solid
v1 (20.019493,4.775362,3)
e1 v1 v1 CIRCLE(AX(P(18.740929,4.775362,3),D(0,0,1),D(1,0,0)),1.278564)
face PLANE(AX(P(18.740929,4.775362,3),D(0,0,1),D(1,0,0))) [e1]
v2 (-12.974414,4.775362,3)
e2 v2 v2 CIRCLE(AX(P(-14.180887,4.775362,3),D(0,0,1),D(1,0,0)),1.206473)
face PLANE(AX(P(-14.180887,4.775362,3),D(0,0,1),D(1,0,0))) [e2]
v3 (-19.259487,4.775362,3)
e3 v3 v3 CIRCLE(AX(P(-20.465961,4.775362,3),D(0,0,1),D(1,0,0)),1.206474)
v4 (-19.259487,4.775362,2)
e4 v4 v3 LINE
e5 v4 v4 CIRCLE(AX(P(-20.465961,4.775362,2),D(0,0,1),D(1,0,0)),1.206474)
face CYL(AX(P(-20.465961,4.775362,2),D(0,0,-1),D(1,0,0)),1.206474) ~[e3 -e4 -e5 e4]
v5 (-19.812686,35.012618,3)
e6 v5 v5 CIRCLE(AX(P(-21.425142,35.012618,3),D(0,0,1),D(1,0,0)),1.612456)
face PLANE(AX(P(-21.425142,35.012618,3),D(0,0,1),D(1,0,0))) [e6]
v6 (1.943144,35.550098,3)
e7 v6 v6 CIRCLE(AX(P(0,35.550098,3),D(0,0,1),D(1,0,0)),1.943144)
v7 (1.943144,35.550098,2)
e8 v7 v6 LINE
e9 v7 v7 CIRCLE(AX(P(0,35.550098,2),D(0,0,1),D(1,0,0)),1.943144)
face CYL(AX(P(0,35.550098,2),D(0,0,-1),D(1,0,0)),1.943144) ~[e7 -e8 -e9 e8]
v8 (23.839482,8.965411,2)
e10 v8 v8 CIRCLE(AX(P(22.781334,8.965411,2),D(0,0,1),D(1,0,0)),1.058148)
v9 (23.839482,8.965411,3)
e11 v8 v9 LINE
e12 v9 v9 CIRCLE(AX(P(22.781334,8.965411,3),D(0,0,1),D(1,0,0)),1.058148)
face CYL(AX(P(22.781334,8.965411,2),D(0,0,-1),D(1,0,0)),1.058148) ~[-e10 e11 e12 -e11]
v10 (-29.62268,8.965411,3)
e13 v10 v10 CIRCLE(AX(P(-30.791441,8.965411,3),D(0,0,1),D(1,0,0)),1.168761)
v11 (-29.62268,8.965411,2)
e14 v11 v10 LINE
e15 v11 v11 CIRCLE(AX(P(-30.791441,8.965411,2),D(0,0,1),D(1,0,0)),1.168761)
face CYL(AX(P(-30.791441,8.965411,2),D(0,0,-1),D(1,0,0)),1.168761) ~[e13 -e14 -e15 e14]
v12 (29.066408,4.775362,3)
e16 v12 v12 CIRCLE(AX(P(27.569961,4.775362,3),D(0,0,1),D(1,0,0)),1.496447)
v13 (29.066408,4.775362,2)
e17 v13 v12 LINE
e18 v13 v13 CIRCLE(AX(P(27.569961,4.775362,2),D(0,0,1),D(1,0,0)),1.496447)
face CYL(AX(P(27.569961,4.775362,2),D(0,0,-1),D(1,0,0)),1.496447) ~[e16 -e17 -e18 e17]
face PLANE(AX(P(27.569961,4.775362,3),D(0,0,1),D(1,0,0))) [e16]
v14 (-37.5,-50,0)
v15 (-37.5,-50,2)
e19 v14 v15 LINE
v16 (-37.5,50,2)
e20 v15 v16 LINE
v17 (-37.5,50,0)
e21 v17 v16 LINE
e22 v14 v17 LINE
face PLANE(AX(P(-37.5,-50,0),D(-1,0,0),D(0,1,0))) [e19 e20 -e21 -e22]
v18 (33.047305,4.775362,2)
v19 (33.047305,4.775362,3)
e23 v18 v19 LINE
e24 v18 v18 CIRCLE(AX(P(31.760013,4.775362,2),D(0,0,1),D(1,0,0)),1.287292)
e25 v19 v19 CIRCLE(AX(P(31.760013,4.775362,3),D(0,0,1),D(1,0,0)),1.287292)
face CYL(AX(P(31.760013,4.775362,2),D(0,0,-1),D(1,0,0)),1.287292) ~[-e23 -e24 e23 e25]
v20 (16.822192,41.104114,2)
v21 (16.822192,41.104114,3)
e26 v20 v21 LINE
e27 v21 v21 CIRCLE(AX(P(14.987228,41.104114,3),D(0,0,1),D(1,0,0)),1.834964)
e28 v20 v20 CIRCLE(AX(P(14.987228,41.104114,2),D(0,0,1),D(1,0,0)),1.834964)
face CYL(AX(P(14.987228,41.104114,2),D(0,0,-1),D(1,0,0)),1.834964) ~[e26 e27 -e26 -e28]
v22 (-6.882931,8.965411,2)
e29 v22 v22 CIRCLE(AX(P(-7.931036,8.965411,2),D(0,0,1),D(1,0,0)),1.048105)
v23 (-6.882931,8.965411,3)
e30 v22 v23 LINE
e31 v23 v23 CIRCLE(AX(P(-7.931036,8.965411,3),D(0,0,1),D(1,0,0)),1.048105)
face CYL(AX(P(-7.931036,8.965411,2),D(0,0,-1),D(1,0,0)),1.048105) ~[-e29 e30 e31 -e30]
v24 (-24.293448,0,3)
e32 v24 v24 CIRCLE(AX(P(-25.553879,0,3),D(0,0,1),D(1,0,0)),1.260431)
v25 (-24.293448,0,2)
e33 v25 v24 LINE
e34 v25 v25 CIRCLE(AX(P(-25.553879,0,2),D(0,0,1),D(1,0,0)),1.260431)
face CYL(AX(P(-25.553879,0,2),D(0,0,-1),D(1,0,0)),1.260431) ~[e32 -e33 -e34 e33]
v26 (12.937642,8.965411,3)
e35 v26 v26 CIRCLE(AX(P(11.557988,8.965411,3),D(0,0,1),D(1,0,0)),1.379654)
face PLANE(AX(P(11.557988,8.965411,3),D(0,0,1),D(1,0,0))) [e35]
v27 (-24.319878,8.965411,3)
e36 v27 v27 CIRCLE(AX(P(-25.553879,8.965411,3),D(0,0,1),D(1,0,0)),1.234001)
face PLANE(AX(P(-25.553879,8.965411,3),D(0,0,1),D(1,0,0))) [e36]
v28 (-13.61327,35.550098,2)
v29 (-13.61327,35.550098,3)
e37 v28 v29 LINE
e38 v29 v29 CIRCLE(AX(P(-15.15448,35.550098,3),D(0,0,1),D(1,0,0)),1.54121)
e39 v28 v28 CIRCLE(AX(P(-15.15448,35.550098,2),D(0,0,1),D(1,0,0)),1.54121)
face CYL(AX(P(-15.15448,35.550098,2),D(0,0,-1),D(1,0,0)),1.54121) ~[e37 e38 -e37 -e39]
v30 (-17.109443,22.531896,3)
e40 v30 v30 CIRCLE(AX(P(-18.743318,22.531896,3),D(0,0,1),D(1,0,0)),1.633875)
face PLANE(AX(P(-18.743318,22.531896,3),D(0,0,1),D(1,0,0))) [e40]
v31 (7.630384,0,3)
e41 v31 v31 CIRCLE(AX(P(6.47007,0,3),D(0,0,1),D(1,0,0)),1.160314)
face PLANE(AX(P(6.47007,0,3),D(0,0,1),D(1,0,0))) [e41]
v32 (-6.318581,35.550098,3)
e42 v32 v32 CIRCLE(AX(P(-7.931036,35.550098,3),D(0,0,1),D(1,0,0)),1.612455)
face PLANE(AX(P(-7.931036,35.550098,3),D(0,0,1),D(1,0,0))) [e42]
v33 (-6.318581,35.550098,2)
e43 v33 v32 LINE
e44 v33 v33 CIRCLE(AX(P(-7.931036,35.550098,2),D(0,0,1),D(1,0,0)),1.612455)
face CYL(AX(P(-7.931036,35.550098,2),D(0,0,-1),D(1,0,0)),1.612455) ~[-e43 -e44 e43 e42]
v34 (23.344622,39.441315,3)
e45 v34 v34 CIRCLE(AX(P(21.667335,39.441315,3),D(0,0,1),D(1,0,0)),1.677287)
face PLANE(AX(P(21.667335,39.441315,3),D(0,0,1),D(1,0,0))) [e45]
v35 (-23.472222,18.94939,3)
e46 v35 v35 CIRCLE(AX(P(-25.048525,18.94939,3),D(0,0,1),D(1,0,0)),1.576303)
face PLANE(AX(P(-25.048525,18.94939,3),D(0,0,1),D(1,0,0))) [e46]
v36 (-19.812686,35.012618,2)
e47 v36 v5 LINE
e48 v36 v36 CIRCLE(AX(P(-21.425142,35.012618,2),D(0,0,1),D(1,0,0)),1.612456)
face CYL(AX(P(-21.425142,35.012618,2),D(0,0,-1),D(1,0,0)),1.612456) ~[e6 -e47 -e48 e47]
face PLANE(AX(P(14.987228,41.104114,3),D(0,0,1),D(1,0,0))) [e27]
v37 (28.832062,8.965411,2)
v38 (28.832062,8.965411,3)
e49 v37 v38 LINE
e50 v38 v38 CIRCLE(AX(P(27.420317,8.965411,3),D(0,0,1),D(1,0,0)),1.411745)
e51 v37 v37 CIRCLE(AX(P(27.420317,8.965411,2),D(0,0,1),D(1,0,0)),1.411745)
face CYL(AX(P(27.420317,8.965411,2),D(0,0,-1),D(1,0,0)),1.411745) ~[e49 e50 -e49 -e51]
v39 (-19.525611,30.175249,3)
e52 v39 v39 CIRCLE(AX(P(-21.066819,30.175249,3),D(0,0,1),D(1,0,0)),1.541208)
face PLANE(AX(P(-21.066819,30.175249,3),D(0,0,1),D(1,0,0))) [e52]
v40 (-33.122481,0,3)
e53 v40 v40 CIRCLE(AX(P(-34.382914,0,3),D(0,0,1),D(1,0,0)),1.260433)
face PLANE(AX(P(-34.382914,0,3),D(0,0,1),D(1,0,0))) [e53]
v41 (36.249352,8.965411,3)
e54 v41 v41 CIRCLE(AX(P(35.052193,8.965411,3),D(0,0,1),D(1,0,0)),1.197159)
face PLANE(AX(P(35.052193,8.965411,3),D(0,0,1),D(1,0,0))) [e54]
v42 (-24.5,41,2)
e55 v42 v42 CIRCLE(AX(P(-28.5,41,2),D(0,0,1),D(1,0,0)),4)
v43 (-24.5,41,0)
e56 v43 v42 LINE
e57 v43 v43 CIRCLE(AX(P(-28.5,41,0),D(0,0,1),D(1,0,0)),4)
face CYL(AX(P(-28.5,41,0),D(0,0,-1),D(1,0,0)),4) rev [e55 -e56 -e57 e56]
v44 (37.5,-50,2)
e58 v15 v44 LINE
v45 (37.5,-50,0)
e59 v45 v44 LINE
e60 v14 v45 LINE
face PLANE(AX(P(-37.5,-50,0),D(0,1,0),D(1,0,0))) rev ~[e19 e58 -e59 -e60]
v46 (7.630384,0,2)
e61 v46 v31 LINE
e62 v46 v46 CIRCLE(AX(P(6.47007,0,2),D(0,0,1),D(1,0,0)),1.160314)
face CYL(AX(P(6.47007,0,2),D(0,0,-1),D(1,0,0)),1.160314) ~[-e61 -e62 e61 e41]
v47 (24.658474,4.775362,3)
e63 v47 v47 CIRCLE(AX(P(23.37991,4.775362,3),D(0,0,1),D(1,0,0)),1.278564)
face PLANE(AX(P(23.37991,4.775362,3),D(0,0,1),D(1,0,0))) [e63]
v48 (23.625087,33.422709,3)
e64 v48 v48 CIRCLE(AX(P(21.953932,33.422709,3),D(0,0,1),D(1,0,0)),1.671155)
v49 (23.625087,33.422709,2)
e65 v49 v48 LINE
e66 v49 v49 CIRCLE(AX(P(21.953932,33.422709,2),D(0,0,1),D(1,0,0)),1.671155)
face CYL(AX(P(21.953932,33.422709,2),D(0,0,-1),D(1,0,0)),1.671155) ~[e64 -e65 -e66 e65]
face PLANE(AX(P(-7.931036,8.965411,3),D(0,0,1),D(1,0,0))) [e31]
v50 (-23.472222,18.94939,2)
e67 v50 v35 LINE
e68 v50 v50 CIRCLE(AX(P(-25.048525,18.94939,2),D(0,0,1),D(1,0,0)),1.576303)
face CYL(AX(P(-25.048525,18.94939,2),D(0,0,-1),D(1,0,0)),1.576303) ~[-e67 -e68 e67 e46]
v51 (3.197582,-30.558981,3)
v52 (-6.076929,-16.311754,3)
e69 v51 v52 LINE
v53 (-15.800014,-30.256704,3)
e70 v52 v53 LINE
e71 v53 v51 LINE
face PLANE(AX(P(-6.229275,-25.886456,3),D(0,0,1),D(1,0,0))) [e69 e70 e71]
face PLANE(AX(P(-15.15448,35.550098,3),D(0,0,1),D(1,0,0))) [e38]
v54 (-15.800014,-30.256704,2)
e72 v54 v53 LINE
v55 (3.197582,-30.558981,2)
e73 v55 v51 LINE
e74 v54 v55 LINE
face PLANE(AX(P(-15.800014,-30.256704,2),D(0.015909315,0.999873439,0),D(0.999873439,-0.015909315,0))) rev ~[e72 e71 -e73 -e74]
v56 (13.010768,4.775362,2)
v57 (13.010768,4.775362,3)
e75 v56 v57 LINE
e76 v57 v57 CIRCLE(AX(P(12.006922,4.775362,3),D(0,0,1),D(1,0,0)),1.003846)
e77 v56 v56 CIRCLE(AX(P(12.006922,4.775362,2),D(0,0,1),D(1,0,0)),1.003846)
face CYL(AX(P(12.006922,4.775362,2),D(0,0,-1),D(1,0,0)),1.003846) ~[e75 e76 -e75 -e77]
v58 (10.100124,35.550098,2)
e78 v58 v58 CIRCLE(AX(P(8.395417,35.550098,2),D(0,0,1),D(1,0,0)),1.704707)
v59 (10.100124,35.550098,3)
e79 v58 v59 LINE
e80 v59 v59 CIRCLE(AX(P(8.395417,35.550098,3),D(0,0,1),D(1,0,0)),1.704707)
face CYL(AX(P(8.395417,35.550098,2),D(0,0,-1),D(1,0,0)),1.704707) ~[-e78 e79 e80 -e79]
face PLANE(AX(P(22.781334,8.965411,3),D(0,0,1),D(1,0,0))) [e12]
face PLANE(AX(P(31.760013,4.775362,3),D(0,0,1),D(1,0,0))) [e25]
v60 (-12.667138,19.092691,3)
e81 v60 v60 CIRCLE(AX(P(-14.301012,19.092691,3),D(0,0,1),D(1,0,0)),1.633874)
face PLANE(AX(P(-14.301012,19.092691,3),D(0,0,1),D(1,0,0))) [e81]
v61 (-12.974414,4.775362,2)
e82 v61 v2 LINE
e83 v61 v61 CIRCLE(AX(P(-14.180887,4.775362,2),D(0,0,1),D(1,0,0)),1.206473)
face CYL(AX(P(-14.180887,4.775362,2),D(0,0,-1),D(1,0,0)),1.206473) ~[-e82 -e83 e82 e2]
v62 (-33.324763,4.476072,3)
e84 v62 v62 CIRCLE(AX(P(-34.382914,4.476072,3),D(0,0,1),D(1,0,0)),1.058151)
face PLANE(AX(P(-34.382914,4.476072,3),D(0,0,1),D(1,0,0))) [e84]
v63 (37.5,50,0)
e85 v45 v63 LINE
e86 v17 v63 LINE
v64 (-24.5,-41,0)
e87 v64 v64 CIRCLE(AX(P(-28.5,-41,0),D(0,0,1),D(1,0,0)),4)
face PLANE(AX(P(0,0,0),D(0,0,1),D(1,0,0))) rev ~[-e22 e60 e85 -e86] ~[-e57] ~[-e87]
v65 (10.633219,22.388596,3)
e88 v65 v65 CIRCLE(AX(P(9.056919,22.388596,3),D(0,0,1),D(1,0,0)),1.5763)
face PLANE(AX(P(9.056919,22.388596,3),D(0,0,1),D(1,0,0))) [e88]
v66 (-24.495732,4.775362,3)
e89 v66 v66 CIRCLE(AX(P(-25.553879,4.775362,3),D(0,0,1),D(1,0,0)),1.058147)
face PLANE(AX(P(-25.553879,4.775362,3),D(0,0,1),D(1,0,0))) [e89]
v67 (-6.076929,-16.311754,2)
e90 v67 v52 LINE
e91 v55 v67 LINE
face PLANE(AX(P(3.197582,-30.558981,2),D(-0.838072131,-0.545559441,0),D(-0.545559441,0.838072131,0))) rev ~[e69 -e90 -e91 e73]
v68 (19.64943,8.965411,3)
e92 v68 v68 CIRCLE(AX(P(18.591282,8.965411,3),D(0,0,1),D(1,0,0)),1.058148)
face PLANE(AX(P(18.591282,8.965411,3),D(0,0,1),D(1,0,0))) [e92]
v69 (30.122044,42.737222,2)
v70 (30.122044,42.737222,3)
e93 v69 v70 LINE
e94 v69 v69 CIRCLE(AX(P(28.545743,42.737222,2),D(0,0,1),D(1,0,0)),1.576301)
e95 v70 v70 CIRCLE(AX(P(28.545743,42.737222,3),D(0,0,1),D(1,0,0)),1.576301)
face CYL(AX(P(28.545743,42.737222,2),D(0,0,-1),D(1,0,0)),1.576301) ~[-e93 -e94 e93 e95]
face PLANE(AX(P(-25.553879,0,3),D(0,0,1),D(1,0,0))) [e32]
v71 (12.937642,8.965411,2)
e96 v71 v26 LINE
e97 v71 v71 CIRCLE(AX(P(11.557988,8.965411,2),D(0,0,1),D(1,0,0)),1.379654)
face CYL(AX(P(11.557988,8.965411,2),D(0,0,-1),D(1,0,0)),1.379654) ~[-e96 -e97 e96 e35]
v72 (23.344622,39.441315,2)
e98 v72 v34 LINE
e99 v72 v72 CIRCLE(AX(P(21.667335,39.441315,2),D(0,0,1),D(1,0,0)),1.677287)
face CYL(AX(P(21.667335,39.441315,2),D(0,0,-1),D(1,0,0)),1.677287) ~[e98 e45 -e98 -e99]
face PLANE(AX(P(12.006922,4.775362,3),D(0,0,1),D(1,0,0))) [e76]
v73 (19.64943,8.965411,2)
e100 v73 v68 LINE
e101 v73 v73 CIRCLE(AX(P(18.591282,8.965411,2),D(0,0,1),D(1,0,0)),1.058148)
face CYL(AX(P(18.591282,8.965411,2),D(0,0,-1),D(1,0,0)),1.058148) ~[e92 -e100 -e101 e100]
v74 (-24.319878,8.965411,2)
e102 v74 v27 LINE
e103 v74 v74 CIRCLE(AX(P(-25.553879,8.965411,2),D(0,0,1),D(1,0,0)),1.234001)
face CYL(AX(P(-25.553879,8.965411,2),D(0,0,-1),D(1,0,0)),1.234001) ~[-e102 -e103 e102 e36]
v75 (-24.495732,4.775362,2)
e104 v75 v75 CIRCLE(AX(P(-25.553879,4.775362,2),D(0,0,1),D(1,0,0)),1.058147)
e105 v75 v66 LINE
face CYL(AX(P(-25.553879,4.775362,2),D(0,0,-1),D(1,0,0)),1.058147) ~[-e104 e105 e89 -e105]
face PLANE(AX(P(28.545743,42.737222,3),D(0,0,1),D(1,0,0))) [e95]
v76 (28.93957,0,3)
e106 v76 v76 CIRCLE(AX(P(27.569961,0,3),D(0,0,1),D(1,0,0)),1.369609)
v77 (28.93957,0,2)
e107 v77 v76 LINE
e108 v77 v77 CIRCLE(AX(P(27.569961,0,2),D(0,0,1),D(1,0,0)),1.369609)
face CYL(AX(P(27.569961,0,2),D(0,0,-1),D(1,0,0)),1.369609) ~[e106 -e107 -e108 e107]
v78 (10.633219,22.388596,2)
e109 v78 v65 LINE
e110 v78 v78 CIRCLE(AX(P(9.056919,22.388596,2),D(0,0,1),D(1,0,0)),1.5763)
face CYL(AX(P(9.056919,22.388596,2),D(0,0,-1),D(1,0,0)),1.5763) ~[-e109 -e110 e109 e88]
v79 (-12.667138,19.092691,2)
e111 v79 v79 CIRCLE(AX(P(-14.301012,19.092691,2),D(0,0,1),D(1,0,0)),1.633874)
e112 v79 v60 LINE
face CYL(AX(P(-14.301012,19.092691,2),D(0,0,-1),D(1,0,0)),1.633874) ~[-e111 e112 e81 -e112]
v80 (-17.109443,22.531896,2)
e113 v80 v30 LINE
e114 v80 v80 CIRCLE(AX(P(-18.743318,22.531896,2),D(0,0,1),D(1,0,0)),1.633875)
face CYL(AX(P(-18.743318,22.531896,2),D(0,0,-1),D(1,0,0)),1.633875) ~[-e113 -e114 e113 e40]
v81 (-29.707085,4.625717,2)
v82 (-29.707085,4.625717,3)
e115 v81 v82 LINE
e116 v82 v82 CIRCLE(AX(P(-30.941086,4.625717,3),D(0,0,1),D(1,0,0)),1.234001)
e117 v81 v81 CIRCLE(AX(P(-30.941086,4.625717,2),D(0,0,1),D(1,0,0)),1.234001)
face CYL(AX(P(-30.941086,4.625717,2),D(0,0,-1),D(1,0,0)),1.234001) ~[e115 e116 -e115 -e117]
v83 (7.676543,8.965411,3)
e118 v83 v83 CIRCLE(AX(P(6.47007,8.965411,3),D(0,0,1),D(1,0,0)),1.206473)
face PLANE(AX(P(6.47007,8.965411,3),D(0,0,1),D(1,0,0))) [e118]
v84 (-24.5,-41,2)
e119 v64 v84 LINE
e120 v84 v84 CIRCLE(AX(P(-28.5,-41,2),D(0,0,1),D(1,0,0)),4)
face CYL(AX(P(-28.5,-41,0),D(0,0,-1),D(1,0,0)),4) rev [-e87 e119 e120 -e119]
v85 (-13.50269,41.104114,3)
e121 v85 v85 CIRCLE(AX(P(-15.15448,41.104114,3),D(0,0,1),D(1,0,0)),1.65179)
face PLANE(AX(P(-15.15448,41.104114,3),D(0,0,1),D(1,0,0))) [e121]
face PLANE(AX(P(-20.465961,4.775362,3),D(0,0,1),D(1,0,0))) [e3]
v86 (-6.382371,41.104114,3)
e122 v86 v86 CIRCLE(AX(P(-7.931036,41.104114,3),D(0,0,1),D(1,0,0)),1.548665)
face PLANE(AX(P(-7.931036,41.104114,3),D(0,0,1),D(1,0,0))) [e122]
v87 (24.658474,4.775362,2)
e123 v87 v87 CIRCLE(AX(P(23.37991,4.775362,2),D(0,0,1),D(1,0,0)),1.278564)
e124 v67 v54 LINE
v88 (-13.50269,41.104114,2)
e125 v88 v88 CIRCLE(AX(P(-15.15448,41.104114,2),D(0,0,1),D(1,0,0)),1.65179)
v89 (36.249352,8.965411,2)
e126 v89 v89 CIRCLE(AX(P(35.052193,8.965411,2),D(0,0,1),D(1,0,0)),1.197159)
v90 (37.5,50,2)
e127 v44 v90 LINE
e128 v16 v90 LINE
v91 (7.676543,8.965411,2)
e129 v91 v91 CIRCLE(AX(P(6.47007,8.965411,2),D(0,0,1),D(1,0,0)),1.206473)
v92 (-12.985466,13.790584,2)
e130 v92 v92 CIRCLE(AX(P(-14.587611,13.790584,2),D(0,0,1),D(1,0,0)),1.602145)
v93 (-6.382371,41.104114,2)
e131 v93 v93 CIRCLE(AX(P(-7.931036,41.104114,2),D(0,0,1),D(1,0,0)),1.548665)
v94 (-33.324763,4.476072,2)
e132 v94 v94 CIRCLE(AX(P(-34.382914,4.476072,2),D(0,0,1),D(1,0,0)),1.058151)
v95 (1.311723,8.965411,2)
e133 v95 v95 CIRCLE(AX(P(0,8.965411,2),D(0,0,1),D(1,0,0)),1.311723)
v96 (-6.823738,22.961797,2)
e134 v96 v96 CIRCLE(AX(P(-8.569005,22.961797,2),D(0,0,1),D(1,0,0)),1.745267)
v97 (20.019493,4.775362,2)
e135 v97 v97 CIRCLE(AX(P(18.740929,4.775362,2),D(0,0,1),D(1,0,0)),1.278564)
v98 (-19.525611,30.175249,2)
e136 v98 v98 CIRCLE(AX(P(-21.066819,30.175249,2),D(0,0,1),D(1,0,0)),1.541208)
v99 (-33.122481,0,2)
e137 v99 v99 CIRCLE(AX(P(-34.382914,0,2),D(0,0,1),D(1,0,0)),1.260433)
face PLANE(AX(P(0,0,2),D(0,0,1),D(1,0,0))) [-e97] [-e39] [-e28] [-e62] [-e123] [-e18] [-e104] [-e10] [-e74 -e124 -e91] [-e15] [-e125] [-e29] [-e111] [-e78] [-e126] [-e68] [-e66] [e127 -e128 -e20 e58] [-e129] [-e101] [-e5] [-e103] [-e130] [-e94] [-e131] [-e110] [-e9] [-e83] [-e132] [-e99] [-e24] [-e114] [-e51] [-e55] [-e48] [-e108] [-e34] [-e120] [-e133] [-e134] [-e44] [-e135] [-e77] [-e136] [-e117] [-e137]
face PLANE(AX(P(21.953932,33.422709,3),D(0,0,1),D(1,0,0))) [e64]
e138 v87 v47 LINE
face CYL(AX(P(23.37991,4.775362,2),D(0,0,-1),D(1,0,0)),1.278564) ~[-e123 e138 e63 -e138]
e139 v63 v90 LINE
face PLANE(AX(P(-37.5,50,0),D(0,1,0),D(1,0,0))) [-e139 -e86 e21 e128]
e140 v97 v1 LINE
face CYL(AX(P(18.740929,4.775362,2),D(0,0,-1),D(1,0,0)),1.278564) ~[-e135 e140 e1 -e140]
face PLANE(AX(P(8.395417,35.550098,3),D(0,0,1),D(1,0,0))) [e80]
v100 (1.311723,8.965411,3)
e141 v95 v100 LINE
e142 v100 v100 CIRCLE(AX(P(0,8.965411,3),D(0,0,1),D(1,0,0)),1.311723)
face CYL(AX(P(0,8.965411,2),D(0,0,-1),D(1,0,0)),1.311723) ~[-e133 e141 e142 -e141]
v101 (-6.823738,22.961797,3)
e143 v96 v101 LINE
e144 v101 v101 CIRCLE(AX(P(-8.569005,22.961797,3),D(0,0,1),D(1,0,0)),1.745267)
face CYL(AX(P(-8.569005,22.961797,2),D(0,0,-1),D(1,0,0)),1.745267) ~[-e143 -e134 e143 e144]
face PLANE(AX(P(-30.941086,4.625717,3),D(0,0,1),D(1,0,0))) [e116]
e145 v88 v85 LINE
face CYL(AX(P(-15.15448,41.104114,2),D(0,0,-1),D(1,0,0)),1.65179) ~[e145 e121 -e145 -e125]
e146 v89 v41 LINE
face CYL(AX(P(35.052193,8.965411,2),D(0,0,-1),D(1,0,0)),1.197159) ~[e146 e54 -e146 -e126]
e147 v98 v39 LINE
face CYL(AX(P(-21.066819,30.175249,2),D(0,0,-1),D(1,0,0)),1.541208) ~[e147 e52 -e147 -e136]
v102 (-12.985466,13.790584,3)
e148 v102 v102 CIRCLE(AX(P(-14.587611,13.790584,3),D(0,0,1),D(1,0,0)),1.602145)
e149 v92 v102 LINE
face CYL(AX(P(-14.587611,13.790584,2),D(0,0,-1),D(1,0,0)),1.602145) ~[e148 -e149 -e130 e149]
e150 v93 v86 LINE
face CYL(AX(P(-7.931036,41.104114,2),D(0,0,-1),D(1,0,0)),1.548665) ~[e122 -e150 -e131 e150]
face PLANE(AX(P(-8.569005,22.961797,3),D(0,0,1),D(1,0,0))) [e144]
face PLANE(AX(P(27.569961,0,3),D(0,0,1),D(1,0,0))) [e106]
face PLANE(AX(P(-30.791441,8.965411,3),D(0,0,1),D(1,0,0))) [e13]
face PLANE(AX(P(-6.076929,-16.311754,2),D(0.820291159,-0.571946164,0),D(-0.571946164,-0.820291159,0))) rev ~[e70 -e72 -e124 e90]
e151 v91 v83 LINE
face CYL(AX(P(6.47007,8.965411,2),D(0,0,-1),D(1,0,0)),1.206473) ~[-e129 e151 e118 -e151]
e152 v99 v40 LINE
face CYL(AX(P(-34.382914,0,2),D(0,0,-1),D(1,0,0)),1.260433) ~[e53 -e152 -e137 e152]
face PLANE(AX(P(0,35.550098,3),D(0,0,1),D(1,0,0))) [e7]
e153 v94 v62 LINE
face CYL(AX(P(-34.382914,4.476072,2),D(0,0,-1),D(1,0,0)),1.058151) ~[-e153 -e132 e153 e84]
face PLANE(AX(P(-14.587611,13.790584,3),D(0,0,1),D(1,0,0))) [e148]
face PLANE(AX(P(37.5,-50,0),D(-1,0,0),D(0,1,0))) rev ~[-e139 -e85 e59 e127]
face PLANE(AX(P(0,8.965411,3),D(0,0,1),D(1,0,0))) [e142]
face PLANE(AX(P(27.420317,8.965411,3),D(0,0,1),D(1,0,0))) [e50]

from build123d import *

# Parameters (mm, degrees)
F0_W     = 75
F0_H     = 100
F0_R     = 4
F1_DEPTH = 2
F2_R     = 1.260433
F2_R_2   = 1.058151
F2_R_3   = 1.234001
F2_R_4   = 1.260431
F2_R_5   = 1.168761
F2_R_6   = 1.058147
F2_R_7   = 1.206474
F2_R_8   = 1.206473
F2_R_9   = 1.048105
F2_R_10  = 1.602145
F2_R_11  = 1.576303
F2_R_12  = 1.633875
F2_R_13  = 1.745267
F2_R_14  = 1.633874
F2_R_15  = 1.311723
F2_R_16  = 1.379654
F2_R_17  = 1.160314
F2_R_18  = 1.003846
F2_R_19  = 1.058148
F2_R_20  = 1.411745
F2_R_21  = 1.197159
F2_R_22  = 1.287292
F2_R_23  = 1.496447
F2_R_24  = 1.278564
F2_R_25  = 1.369609
F2_R_26  = 1.5763
F2_R_27  = 1.704707
F2_R_28  = 1.943144
F2_R_29  = 1.612455
F2_R_30  = 1.54121
F2_R_31  = 1.65179
F2_R_32  = 1.548665
F2_R_33  = 1.834964
F2_R_34  = 1.677287
F2_R_35  = 1.671155
F2_R_36  = 1.576301
F2_R_37  = 1.541208
F2_R_38  = 1.612456
F3_DEPTH = 1


with BuildPart() as f1:
    # F0 (on Top) → F1 (new body)
    with BuildSketch(Plane.XY):
        Rectangle(F0_W, F0_H)
        with Locations((-28.5, -41)):
            Circle(F0_R, mode=Mode.SUBTRACT)
        with Locations((-28.5, 41)):
            Circle(F0_R, mode=Mode.SUBTRACT)
    extrude(amount=F1_DEPTH)

    # F2 (on face) → F3 (join)
    with BuildSketch(Plane.XY.offset(2)):
        Polygon((-6.076929, -16.311754), (-15.800014, -30.256704), (3.197582, -30.558981), align=None)
        with Locations((-34.382914, 0)):
            Circle(F2_R)
        with Locations((-34.382914, 4.476072)):
            Circle(F2_R_2)
        with Locations((-30.941086, 4.625717)):
            Circle(F2_R_3)
        with Locations((-25.553879, 0)):
            Circle(F2_R_4)
        with Locations((-30.791441, 8.965411)):
            Circle(F2_R_5)
        with Locations((-25.553879, 8.965411)):
            Circle(F2_R_3)
        with Locations((-25.553879, 4.775362)):
            Circle(F2_R_6)
        with Locations((-20.465961, 4.775362)):
            Circle(F2_R_7)
        with Locations((-14.180887, 4.775362)):
            Circle(F2_R_8)
        with Locations((-7.931036, 8.965411)):
            Circle(F2_R_9)
        with Locations((-14.587611, 13.790584)):
            Circle(F2_R_10)
        with Locations((-25.048525, 18.94939)):
            Circle(F2_R_11)
        with Locations((-18.743318, 22.531896)):
            Circle(F2_R_12)
        with Locations((-8.569005, 22.961797)):
            Circle(F2_R_13)
        with Locations((-14.301012, 19.092691)):
            Circle(F2_R_14)
        with Locations((0, 8.965411)):
            Circle(F2_R_15)
        with Locations((6.47007, 8.965411)):
            Circle(F2_R_8)
        with Locations((11.557988, 8.965411)):
            Circle(F2_R_16)
        with Locations((6.47007, 0)):
            Circle(F2_R_17)
        with Locations((12.006922, 4.775362)):
            Circle(F2_R_18)
        with Locations((18.591282, 8.965411)):
            Circle(F2_R_19)
        with Locations((22.781334, 8.965411)):
            Circle(F2_R_19)
        with Locations((27.420317, 8.965411)):
            Circle(F2_R_20)
        with Locations((35.052193, 8.965411)):
            Circle(F2_R_21)
        with Locations((31.760013, 4.775362)):
            Circle(F2_R_22)
        with Locations((27.569961, 4.775362)):
            Circle(F2_R_23)
        with Locations((18.740929, 4.775362)):
            Circle(F2_R_24)
        with Locations((23.37991, 4.775362)):
            Circle(F2_R_24)
        with Locations((27.569961, 0)):
            Circle(F2_R_25)
        with Locations((9.056919, 22.388596)):
            Circle(F2_R_26)
        with Locations((8.395417, 35.550098)):
            Circle(F2_R_27)
        with Locations((0, 35.550098)):
            Circle(F2_R_28)
        with Locations((-7.931036, 35.550098)):
            Circle(F2_R_29)
        with Locations((-15.15448, 35.550098)):
            Circle(F2_R_30)
        with Locations((-15.15448, 41.104114)):
            Circle(F2_R_31)
        with Locations((-7.931036, 41.104114)):
            Circle(F2_R_32)
        with Locations((14.987228, 41.104114)):
            Circle(F2_R_33)
        with Locations((21.667335, 39.441315)):
            Circle(F2_R_34)
        with Locations((21.953932, 33.422709)):
            Circle(F2_R_35)
        with Locations((28.545743, 42.737222)):
            Circle(F2_R_36)
        with Locations((-21.066819, 30.175249)):
            Circle(F2_R_37)
        with Locations((-21.425142, 35.012618)):
            Circle(F2_R_38)
    extrude(amount=F3_DEPTH)


solid = f1.part
